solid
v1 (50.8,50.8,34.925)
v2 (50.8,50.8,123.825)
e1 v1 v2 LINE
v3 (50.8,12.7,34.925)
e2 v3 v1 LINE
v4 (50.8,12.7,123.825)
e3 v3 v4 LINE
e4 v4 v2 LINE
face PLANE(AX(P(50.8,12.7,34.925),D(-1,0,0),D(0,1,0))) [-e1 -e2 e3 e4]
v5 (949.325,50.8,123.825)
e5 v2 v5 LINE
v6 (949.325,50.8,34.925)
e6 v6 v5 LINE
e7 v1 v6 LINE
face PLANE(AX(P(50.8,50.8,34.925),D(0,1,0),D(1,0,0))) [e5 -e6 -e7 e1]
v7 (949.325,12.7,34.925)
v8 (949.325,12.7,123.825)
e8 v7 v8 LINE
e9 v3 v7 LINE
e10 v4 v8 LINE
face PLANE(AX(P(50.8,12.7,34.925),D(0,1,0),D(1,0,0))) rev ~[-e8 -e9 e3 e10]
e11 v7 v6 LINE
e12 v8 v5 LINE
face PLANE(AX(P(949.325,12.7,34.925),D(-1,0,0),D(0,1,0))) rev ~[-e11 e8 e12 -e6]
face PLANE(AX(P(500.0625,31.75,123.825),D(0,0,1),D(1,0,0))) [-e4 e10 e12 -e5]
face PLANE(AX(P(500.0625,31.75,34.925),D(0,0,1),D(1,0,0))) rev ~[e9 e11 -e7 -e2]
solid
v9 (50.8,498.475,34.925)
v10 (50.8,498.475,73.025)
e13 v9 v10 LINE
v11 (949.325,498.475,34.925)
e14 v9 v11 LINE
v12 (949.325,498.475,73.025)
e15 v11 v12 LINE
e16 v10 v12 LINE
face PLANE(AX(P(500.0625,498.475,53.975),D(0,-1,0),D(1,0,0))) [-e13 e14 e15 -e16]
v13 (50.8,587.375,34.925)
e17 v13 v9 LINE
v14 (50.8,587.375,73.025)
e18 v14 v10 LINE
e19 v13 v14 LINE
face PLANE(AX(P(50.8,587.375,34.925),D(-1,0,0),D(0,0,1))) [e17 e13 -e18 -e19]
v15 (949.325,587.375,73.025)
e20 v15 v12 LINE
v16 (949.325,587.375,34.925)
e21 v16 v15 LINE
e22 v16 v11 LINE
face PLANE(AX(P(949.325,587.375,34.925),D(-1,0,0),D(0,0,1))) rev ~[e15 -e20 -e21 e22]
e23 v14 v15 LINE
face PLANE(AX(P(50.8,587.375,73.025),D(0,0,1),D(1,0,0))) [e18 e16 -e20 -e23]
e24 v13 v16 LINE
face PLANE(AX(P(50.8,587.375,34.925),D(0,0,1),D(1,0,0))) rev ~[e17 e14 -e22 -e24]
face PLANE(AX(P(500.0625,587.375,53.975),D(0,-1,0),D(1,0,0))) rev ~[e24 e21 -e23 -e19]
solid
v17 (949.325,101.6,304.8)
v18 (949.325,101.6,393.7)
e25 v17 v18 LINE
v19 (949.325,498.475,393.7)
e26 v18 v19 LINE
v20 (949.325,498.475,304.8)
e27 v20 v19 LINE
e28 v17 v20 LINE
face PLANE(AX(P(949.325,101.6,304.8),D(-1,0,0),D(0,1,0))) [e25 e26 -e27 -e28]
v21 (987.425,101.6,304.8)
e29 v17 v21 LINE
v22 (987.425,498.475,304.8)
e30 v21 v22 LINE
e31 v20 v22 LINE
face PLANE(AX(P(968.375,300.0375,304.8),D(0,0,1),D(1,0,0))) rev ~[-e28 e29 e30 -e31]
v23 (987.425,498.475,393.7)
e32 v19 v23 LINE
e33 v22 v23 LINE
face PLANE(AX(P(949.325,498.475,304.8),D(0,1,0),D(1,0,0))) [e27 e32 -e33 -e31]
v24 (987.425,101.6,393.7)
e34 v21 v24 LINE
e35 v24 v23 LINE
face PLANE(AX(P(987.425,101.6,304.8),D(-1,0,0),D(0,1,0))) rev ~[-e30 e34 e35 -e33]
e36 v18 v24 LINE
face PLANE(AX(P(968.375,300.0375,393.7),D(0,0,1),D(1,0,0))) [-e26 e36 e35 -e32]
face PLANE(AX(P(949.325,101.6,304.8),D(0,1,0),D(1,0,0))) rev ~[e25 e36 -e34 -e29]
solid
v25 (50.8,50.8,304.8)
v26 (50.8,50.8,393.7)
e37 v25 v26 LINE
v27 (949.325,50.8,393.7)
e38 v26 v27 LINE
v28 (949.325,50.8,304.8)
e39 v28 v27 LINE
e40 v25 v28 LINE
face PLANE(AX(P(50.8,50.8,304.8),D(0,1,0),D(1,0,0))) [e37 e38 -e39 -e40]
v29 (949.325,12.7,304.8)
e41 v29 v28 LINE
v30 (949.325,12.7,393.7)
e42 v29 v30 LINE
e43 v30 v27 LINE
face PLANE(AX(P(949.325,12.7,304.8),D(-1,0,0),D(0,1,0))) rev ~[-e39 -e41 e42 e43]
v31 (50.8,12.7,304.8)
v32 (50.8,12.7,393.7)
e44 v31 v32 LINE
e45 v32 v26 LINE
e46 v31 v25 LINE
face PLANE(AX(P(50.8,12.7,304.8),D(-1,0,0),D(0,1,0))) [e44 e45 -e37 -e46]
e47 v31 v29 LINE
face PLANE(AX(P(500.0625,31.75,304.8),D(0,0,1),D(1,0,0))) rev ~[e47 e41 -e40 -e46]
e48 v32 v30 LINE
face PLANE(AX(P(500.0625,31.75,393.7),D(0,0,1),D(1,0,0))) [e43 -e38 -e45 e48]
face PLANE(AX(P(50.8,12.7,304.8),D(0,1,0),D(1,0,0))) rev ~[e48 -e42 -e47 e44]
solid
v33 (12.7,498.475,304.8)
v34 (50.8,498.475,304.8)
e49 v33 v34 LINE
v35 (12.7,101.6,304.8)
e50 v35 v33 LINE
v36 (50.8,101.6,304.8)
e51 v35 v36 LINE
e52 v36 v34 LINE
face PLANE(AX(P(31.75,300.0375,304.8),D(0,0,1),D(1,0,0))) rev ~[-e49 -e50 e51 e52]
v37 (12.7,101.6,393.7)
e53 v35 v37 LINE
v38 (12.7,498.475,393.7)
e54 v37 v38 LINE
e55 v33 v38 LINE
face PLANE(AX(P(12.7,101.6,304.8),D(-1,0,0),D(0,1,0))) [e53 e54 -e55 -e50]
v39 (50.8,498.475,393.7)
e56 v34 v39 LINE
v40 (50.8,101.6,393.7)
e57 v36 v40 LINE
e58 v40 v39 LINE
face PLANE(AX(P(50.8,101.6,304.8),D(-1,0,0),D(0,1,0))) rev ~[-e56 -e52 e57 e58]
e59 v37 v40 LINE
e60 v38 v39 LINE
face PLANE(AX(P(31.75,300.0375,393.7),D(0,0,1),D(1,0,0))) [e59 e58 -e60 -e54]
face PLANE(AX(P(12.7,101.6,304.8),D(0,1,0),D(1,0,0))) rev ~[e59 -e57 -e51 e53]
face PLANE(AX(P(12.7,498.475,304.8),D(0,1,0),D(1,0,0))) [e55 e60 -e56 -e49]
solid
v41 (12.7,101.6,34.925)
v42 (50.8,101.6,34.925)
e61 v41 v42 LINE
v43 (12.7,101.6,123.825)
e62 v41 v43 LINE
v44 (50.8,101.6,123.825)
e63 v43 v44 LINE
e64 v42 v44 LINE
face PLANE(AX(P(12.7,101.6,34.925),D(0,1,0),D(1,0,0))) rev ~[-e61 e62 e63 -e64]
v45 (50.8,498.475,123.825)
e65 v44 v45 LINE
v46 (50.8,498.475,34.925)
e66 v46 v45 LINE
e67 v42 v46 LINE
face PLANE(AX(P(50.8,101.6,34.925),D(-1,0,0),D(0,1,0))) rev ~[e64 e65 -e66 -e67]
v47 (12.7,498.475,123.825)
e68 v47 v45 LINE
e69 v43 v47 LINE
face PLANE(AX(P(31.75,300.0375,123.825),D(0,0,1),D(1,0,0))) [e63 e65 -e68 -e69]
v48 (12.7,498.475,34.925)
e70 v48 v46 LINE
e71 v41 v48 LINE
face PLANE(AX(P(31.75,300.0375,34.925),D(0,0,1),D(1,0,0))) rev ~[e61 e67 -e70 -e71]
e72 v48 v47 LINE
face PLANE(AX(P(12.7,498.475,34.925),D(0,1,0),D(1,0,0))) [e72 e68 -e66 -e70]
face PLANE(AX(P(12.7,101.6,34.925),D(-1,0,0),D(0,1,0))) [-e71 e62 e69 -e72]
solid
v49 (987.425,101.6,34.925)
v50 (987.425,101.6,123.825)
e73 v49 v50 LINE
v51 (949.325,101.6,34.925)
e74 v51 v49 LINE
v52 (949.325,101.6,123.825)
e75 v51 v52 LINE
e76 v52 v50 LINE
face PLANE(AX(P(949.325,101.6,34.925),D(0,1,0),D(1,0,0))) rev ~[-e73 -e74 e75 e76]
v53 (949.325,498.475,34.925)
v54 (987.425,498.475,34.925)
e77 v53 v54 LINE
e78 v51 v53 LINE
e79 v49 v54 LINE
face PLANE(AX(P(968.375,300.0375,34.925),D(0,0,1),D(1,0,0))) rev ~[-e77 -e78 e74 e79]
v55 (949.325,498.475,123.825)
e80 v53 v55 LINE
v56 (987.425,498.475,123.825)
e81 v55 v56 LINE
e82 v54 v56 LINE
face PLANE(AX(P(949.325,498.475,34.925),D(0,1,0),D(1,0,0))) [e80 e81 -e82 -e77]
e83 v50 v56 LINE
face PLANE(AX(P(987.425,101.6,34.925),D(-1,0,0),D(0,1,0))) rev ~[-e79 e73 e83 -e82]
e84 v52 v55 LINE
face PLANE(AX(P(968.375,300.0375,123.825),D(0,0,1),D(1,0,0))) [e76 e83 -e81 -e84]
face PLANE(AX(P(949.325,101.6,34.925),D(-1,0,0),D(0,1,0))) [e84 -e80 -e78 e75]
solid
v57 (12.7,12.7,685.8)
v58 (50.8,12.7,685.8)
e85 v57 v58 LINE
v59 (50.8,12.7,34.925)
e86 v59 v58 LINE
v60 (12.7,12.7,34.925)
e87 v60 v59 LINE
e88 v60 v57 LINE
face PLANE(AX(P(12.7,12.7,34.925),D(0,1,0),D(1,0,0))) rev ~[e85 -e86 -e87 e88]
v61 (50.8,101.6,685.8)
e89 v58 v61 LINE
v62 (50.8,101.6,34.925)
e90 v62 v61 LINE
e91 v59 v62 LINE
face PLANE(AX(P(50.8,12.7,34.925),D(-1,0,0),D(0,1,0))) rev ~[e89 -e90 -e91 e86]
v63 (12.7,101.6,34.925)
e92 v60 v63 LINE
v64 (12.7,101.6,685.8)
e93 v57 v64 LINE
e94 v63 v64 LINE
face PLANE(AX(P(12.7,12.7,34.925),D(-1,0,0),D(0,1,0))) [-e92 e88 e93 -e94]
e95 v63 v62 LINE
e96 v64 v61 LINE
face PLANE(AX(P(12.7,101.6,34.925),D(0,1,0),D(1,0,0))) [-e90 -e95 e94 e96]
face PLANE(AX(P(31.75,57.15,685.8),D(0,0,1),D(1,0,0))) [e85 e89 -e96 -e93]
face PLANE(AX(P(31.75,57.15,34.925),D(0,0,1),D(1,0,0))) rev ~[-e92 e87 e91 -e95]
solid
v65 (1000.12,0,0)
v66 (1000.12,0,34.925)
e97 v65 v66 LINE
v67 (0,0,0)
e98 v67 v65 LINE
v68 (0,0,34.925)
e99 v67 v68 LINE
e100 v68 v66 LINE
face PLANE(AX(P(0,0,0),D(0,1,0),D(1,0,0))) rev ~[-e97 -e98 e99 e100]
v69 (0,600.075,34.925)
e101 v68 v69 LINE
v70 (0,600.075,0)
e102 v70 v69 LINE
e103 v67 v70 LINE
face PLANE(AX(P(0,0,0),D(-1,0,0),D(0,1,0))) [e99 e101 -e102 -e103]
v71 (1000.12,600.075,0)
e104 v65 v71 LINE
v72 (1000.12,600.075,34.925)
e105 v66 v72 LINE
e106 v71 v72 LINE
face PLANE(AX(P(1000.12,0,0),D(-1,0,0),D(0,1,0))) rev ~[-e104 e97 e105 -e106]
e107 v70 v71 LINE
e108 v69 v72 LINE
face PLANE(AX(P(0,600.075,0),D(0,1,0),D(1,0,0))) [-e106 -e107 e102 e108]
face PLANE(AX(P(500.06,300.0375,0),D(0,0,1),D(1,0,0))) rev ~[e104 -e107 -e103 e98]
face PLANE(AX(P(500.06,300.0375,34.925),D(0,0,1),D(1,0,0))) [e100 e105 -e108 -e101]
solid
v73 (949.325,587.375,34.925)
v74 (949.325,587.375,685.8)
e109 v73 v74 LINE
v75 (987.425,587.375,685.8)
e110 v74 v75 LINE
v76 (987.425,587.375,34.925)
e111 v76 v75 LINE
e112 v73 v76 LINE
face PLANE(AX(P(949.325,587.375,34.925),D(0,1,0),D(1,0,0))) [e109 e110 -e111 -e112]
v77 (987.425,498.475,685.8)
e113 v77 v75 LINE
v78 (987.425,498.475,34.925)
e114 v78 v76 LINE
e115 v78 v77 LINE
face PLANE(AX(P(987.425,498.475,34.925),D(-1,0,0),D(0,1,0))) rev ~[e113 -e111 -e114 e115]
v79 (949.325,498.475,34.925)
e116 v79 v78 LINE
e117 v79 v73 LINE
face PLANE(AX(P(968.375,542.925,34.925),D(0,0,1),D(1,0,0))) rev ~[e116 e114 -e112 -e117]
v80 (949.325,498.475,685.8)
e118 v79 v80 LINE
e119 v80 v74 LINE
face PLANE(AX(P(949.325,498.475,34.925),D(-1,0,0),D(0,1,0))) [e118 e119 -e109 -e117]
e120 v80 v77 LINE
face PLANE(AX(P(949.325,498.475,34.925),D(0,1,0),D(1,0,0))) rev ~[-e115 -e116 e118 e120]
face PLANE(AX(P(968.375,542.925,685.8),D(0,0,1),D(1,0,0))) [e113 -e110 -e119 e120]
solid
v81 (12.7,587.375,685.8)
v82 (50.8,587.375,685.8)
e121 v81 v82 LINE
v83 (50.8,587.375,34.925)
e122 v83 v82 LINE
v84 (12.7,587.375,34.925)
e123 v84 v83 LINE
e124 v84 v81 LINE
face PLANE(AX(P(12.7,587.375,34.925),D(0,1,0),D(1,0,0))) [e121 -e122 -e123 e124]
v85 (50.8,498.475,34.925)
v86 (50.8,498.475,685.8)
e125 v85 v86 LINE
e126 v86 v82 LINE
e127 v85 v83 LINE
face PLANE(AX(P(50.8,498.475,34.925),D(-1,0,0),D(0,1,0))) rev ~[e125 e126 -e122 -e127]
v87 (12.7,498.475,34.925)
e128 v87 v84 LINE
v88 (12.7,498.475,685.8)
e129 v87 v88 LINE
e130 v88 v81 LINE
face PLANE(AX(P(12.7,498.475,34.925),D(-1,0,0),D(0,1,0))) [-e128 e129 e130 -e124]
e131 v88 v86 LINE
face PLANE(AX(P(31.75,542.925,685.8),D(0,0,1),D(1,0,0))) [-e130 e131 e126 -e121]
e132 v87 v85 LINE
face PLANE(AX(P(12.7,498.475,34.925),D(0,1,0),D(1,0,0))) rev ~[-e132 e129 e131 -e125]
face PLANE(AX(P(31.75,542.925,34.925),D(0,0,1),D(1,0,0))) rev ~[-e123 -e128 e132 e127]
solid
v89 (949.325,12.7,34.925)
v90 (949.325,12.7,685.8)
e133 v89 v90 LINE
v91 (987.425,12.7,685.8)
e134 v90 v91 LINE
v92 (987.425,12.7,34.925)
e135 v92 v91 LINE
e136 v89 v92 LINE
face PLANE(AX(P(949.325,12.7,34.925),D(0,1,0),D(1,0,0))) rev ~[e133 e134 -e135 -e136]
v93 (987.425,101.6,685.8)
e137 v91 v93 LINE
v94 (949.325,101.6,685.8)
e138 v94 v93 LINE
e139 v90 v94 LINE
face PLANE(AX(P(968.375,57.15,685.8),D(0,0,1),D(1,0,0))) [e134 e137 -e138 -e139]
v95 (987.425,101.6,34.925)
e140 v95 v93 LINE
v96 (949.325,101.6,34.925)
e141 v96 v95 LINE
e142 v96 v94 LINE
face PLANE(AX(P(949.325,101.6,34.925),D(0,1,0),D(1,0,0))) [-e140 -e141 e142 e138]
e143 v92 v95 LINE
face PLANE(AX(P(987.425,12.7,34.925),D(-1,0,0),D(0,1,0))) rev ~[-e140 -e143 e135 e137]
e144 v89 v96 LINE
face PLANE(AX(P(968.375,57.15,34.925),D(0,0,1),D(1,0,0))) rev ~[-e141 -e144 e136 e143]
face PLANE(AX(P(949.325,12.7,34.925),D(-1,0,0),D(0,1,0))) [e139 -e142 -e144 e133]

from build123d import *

# Parameters (mm, degrees)
BOX_W        = 1000.12
BOX_H        = 600.075
BOX_DEPTH    = 34.925
BOX001_W     = 38.1
BOX001_H     = 88.9
BOX001_DEPTH = 650.875
BOX002_W     = 38.1
BOX002_H     = 88.9
BOX002_DEPTH = 650.875
BOX003_W     = 38.1
BOX003_H     = 88.9
BOX003_DEPTH = 650.875
BOX004_W     = 38.1
BOX004_H     = 88.9
BOX004_DEPTH = 650.875
BOX005_W     = 898.525
BOX005_H     = 38.1
BOX005_DEPTH = 88.9
BOX006_W     = 898.525
BOX006_H     = 38.1
BOX006_DEPTH = 88.9
BOX007_W     = 38.1
BOX007_H     = 396.875
BOX007_DEPTH = 88.9
BOX008_W     = 38.1
BOX008_H     = 396.875
BOX008_DEPTH = 88.9
BOX009_W     = 38.1
BOX009_H     = 396.875
BOX009_DEPTH = 88.9
BOX010_W     = 38.1
BOX010_H     = 396.875
BOX010_DEPTH = 88.9
BOX011_W     = 898.525
BOX011_H     = 38.1
BOX011_DEPTH = 88.9


with BuildPart() as tabletop:
    # Box → Box (new body)
    with BuildSketch(Plane.XY):
        with Locations((500.06, 300.0375)):
            Rectangle(BOX_W, BOX_H)
    extrude(amount=BOX_DEPTH)


with BuildPart() as leg_back_right:
    # Box001 → Box001 (new body)
    with BuildSketch(Plane(origin=(12.7, 12.7, 34.925), x_dir=(1, 0, 0), z_dir=(0, 0, 1))):
        with Locations((19.05, 44.45)):
            Rectangle(BOX001_W, BOX001_H)
    extrude(amount=BOX001_DEPTH)


with BuildPart() as leg_front_right:
    # Box002 → Box002 (new body)
    with BuildSketch(Plane(origin=(12.7, 498.475, 34.925), x_dir=(1, 0, 0), z_dir=(0, 0, 1))):
        with Locations((19.05, 44.45)):
            Rectangle(BOX002_W, BOX002_H)
    extrude(amount=BOX002_DEPTH)


with BuildPart() as leg_front_left:
    # Box003 → Box003 (new body)
    with BuildSketch(Plane(origin=(949.325, 498.475, 34.925), x_dir=(1, 0, 0), z_dir=(0, 0, 1))):
        with Locations((19.05, 44.45)):
            Rectangle(BOX003_W, BOX003_H)
    extrude(amount=BOX003_DEPTH)


with BuildPart() as leg_back_left:
    # Box004 → Box004 (new body)
    with BuildSketch(Plane(origin=(949.325, 12.7, 34.925), x_dir=(1, 0, 0), z_dir=(0, 0, 1))):
        with Locations((19.05, 44.45)):
            Rectangle(BOX004_W, BOX004_H)
    extrude(amount=BOX004_DEPTH)


with BuildPart() as back_lower_brace:
    # Box005 → Box005 (new body)
    with BuildSketch(Plane(origin=(50.8, 12.7, 304.8), x_dir=(1, 0, 0), z_dir=(0, 0, 1))):
        with Locations((449.2625, 19.05)):
            Rectangle(BOX005_W, BOX005_H)
    extrude(amount=BOX005_DEPTH)


with BuildPart() as back_upper_brace:
    # Box006 → Box006 (new body)
    with BuildSketch(Plane(origin=(50.8, 12.7, 34.925), x_dir=(1, 0, 0), z_dir=(0, 0, 1))):
        with Locations((449.2625, 19.05)):
            Rectangle(BOX006_W, BOX006_H)
    extrude(amount=BOX006_DEPTH)


with BuildPart() as side_right_lower_brace:
    # Box007 → Box007 (new body)
    with BuildSketch(Plane(origin=(12.7, 101.6, 304.8), x_dir=(1, 0, 0), z_dir=(0, 0, 1))):
        with Locations((19.05, 198.4375)):
            Rectangle(BOX007_W, BOX007_H)
    extrude(amount=BOX007_DEPTH)


with BuildPart() as side_right_upper_brace:
    # Box008 → Box008 (new body)
    with BuildSketch(Plane(origin=(12.7, 101.6, 34.925), x_dir=(1, 0, 0), z_dir=(0, 0, 1))):
        with Locations((19.05, 198.4375)):
            Rectangle(BOX008_W, BOX008_H)
    extrude(amount=BOX008_DEPTH)


with BuildPart() as side_left_upper_brace:
    # Box009 → Box009 (new body)
    with BuildSketch(Plane(origin=(949.325, 101.6, 34.925), x_dir=(1, 0, 0), z_dir=(0, 0, 1))):
        with Locations((19.05, 198.4375)):
            Rectangle(BOX009_W, BOX009_H)
    extrude(amount=BOX009_DEPTH)


with BuildPart() as side_left_lower_brace:
    # Box010 → Box010 (new body)
    with BuildSketch(Plane(origin=(949.325, 101.6, 304.8), x_dir=(1, 0, 0), z_dir=(0, 0, 1))):
        with Locations((19.05, 198.4375)):
            Rectangle(BOX010_W, BOX010_H)
    extrude(amount=BOX010_DEPTH)


with BuildPart() as front_upper_brace:
    # Box011 → Box011 (new body)
    with BuildSketch(Plane(origin=(50.8, 587.375, 34.925), x_dir=(1, 0, 0), z_dir=(0, -1, 0))):
        with Locations((449.2625, 19.05)):
            Rectangle(BOX011_W, BOX011_H)
    extrude(amount=BOX011_DEPTH)


solid = Compound([tabletop.part, leg_back_right.part, leg_front_right.part, leg_front_left.part, leg_back_left.part, back_lower_brace.part, back_upper_brace.part, side_right_lower_brace.part, side_right_upper_brace.part, side_left_upper_brace.part, side_left_lower_brace.part, front_upper_brace.part])
